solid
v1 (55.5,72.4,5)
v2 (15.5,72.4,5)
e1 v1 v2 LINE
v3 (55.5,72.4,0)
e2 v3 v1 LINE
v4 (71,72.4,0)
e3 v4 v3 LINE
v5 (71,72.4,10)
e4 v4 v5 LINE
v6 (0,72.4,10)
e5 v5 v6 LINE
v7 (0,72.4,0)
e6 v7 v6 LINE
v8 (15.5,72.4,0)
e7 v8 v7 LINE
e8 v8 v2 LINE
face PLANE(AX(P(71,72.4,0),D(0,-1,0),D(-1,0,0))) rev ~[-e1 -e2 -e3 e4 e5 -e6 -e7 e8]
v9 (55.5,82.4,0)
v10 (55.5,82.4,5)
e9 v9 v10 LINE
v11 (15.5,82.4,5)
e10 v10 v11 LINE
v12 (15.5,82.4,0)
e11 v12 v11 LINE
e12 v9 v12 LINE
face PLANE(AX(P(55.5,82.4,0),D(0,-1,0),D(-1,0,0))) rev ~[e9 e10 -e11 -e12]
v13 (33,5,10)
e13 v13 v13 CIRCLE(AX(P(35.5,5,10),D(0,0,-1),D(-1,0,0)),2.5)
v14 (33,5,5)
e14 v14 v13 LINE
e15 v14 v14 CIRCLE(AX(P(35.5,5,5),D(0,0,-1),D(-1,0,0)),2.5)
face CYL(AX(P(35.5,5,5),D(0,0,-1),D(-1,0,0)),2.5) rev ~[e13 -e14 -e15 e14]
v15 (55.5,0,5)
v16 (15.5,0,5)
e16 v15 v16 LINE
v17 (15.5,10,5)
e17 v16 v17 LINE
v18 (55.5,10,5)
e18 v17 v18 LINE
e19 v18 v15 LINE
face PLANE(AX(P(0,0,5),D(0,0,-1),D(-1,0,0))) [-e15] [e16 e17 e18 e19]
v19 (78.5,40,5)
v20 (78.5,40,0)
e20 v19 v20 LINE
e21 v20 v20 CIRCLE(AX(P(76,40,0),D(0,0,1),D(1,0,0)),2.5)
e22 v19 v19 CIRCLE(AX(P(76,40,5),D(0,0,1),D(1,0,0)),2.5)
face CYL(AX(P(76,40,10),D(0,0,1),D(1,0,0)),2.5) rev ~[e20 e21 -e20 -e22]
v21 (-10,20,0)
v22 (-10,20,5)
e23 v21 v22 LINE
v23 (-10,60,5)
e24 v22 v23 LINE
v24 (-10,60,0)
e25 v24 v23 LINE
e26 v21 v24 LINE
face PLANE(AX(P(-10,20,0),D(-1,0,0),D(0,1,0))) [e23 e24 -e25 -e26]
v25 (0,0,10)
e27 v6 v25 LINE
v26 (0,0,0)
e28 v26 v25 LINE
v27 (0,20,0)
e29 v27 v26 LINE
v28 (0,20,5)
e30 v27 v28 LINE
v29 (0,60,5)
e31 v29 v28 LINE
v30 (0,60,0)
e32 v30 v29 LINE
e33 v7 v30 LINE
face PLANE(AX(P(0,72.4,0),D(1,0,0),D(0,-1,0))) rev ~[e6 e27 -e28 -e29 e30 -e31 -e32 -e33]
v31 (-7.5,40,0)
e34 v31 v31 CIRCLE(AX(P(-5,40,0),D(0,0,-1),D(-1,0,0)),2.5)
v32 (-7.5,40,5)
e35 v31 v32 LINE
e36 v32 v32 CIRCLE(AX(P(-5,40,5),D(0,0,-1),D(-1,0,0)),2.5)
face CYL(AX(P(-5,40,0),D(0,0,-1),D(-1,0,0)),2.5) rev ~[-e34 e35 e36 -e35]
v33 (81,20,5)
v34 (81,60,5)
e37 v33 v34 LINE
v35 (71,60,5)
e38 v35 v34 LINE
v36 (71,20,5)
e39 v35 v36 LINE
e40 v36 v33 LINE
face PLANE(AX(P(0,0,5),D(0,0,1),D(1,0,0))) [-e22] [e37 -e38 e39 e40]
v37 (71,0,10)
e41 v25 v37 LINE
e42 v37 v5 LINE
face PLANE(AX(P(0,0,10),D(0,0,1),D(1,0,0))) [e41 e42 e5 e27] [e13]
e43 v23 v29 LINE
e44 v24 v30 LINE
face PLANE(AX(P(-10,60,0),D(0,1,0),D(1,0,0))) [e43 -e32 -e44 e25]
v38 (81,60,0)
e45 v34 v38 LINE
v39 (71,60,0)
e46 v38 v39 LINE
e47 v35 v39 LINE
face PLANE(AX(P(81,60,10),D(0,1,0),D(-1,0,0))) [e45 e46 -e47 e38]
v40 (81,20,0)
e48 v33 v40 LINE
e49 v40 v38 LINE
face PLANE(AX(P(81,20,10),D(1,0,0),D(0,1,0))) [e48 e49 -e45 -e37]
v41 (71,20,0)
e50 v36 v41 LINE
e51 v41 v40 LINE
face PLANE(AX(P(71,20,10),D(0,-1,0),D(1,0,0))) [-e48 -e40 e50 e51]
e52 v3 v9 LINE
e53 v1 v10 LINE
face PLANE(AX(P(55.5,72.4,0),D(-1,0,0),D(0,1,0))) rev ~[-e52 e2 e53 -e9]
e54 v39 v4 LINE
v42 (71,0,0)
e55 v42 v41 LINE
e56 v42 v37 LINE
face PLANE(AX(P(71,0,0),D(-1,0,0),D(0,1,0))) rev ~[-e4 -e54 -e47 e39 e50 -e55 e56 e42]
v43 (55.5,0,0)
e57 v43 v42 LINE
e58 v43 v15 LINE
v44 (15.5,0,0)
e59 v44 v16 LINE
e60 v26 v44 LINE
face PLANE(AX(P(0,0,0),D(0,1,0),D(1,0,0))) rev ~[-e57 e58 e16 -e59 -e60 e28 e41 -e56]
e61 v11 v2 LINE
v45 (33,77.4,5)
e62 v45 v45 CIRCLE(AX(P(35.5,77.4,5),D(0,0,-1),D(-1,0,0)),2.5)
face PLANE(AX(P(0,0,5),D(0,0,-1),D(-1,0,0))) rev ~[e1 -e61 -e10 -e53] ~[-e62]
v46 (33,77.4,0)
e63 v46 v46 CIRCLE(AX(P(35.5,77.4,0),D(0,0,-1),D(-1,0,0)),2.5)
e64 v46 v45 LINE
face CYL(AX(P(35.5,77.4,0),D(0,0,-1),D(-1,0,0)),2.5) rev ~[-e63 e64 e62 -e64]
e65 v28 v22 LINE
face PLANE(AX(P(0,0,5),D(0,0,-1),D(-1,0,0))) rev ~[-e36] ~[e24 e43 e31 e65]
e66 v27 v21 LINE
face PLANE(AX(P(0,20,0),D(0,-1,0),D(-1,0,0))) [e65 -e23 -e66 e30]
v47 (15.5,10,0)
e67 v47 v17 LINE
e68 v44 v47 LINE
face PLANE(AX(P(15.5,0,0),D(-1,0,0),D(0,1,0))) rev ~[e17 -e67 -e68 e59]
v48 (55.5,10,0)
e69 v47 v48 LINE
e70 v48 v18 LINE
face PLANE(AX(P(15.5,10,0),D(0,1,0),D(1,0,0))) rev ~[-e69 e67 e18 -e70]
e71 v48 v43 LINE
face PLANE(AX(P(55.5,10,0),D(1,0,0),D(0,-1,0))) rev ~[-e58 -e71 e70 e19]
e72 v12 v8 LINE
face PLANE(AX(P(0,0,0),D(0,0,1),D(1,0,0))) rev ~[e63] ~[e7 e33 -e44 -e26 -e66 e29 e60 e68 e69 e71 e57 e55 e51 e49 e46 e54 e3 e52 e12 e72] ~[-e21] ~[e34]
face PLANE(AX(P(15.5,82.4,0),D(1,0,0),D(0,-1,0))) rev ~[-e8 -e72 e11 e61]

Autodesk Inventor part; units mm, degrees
ref_plane "YZ Plane" through (0, 0, 0) normal (1, 0, 0) x (0, 1, 0)
ref_plane "XZ Plane" through (0, 0, 0) normal (0, 1, 0) x (-1, 0, 0)
ref_plane "XY Plane" through (0, 0, 0) normal (0, 0, 1) x (1, 0, 0)
sketch "Sketch1" plane through (0, 0, 0) normal (0, 0, 1) x (1, 0, 0)
  line L0 (0, 0) -> (71, 0)
  line L1 (71, 0) -> (71, 72.4)
  line L2 (71, 72.4) -> (0, 72.4)
  line L3 (0, 72.4) -> (0, 0)
  dimension "d0" = 71
  dimension "d1" = 72.4
extrude "Extrusion1" add sketch "Sketch1" along normal blind 10
sketch "Sketch2" plane through (0, 0, 10) normal (0, 0, 1) x (1, 0, 0)
  line L0 (71, 0) -> (71, 72.4) projected
  line L1 (71, 20) -> (81, 20)
  line L2 (81, 20) -> (81, 60)
  line L3 (81, 60) -> (71, 60)
  line L4 (71, 60) -> (71, 20)
  line L5 (71, 72.4) -> (0, 72.4) projected
  circle A0 centre (76, 40) radius 2.5
  line L6 (0, 0) -> (71, 0) projected
  point P0 (81, 40)
  point P1 (76, 60)
  dimension "d4" = 10
  dimension "d5" = 40
  dimension "d7" = 5
  dimension "d45" = 20
extrude "Extrusion2" add sketch "Sketch2" against normal blind 10
sketch "Sketch3" plane through (0, 0, 10) normal (0, 0, 1) x (1, 0, 0)
  line L0 (71, 60) -> (81, 60) projected
  line L1 (71, 20) -> (81, 20) projected
  line L2 (81, 60) -> (71, 60)
  line L3 (71, 60) -> (71, 20)
  line L4 (71, 20) -> (81, 20)
  line L5 (81, 20) -> (81, 60)
  point P0 (0, 0)
extrude "Extrusion3" cut sketch "Sketch3" against normal blind 5
sketch "Sketch8" plane through (0, 0, 0) normal (0, 0, -1) x (-1, 0, 0)
  line L0 (-15.5, 10) -> (-55.5, 10)
  line L1 (-55.5, 10) -> (-55.5, 0)
  line L2 (-55.5, 0) -> (-15.5, 0)
  line L3 (-15.5, 0) -> (-15.5, 10)
  line L4 (0, 0) -> (-71, 0) projected
  line L5 (-71, 0) -> (-71, 20) projected
  line L6 (-71, 72.4) -> (0, 72.4) projected
  point P0 (-35.5, 0)
  point P1 (-35.5, 0)
  point P2 (-35.5, 10)
  point P3 (-35.5, 72.4)
  dimension "d32" = 40
  dimension "d33" = 10
extrude "Extrusion8" cut sketch "Sketch8" against normal blind 5
sketch "Sketch9" plane through (0, 0, 5) normal (0, 0, -1) x (-1, 0, 0)
  line L0 (-55.5, 0) -> (-55.5, 10) construction
  line L1 (-15.5, 10) -> (-15.5, 0) construction
  circle A0 centre (-35.5, 5) radius 2.5
  line L2 (-55.5, 10) -> (-15.5, 10) projected
  line L3 (-15.5, 0) -> (-55.5, 0) projected
  point P0 (0, 0)
  point P1 (-35.5, 0)
  point P2 (-15.5, 5)
  dimension "d37" = 5
extrude "Extrusion9" cut sketch "Sketch9" against normal through all
sketch "Sketch10" plane through (0, 0, 0) normal (0, 0, -1) x (-1, 0, 0)
  line L0 (0, 72.4) -> (0, 0) projected
  line L1 (0, 20) -> (10, 20)
  line L2 (10, 20) -> (10, 60)
  line L3 (10, 60) -> (0, 60)
  line L4 (0, 60) -> (0, 20)
  circle A0 centre (5, 40) radius 2.5
  point P0 (-81, 20)
  point P1 (10, 40)
  point P2 (5, 20)
  dimension "d40" = 10
  dimension "d41" = 40
  dimension "d42" = 5
extrude "Extrusion10" add sketch "Sketch10" against normal blind 5
sketch "Sketch11" plane through (0, 0, 0) normal (0, 0, -1) x (-1, 0, 0)
  line L0 (-71, 72.4) -> (0, 72.4) projected
  line L1 (-15.5, 72.4) -> (-55.5, 72.4)
  line L2 (-55.5, 72.4) -> (-55.5, 82.4)
  line L3 (-55.5, 82.4) -> (-15.5, 82.4)
  line L4 (-15.5, 82.4) -> (-15.5, 72.4)
  circle A0 centre (-35.5, 77.4) radius 2.5
  point P0 (0, 0)
  point P1 (-35.5, 82.4)
  point P2 (-35.5, 72.4)
  point P3 (-15.5, 77.4)
  dimension "d46" = 40
  dimension "d47" = 10
  dimension "d48" = 5
extrude "Extrusion11" add sketch "Sketch11" against normal blind 5
properties part number "SP002" material "ABS Plastic"
